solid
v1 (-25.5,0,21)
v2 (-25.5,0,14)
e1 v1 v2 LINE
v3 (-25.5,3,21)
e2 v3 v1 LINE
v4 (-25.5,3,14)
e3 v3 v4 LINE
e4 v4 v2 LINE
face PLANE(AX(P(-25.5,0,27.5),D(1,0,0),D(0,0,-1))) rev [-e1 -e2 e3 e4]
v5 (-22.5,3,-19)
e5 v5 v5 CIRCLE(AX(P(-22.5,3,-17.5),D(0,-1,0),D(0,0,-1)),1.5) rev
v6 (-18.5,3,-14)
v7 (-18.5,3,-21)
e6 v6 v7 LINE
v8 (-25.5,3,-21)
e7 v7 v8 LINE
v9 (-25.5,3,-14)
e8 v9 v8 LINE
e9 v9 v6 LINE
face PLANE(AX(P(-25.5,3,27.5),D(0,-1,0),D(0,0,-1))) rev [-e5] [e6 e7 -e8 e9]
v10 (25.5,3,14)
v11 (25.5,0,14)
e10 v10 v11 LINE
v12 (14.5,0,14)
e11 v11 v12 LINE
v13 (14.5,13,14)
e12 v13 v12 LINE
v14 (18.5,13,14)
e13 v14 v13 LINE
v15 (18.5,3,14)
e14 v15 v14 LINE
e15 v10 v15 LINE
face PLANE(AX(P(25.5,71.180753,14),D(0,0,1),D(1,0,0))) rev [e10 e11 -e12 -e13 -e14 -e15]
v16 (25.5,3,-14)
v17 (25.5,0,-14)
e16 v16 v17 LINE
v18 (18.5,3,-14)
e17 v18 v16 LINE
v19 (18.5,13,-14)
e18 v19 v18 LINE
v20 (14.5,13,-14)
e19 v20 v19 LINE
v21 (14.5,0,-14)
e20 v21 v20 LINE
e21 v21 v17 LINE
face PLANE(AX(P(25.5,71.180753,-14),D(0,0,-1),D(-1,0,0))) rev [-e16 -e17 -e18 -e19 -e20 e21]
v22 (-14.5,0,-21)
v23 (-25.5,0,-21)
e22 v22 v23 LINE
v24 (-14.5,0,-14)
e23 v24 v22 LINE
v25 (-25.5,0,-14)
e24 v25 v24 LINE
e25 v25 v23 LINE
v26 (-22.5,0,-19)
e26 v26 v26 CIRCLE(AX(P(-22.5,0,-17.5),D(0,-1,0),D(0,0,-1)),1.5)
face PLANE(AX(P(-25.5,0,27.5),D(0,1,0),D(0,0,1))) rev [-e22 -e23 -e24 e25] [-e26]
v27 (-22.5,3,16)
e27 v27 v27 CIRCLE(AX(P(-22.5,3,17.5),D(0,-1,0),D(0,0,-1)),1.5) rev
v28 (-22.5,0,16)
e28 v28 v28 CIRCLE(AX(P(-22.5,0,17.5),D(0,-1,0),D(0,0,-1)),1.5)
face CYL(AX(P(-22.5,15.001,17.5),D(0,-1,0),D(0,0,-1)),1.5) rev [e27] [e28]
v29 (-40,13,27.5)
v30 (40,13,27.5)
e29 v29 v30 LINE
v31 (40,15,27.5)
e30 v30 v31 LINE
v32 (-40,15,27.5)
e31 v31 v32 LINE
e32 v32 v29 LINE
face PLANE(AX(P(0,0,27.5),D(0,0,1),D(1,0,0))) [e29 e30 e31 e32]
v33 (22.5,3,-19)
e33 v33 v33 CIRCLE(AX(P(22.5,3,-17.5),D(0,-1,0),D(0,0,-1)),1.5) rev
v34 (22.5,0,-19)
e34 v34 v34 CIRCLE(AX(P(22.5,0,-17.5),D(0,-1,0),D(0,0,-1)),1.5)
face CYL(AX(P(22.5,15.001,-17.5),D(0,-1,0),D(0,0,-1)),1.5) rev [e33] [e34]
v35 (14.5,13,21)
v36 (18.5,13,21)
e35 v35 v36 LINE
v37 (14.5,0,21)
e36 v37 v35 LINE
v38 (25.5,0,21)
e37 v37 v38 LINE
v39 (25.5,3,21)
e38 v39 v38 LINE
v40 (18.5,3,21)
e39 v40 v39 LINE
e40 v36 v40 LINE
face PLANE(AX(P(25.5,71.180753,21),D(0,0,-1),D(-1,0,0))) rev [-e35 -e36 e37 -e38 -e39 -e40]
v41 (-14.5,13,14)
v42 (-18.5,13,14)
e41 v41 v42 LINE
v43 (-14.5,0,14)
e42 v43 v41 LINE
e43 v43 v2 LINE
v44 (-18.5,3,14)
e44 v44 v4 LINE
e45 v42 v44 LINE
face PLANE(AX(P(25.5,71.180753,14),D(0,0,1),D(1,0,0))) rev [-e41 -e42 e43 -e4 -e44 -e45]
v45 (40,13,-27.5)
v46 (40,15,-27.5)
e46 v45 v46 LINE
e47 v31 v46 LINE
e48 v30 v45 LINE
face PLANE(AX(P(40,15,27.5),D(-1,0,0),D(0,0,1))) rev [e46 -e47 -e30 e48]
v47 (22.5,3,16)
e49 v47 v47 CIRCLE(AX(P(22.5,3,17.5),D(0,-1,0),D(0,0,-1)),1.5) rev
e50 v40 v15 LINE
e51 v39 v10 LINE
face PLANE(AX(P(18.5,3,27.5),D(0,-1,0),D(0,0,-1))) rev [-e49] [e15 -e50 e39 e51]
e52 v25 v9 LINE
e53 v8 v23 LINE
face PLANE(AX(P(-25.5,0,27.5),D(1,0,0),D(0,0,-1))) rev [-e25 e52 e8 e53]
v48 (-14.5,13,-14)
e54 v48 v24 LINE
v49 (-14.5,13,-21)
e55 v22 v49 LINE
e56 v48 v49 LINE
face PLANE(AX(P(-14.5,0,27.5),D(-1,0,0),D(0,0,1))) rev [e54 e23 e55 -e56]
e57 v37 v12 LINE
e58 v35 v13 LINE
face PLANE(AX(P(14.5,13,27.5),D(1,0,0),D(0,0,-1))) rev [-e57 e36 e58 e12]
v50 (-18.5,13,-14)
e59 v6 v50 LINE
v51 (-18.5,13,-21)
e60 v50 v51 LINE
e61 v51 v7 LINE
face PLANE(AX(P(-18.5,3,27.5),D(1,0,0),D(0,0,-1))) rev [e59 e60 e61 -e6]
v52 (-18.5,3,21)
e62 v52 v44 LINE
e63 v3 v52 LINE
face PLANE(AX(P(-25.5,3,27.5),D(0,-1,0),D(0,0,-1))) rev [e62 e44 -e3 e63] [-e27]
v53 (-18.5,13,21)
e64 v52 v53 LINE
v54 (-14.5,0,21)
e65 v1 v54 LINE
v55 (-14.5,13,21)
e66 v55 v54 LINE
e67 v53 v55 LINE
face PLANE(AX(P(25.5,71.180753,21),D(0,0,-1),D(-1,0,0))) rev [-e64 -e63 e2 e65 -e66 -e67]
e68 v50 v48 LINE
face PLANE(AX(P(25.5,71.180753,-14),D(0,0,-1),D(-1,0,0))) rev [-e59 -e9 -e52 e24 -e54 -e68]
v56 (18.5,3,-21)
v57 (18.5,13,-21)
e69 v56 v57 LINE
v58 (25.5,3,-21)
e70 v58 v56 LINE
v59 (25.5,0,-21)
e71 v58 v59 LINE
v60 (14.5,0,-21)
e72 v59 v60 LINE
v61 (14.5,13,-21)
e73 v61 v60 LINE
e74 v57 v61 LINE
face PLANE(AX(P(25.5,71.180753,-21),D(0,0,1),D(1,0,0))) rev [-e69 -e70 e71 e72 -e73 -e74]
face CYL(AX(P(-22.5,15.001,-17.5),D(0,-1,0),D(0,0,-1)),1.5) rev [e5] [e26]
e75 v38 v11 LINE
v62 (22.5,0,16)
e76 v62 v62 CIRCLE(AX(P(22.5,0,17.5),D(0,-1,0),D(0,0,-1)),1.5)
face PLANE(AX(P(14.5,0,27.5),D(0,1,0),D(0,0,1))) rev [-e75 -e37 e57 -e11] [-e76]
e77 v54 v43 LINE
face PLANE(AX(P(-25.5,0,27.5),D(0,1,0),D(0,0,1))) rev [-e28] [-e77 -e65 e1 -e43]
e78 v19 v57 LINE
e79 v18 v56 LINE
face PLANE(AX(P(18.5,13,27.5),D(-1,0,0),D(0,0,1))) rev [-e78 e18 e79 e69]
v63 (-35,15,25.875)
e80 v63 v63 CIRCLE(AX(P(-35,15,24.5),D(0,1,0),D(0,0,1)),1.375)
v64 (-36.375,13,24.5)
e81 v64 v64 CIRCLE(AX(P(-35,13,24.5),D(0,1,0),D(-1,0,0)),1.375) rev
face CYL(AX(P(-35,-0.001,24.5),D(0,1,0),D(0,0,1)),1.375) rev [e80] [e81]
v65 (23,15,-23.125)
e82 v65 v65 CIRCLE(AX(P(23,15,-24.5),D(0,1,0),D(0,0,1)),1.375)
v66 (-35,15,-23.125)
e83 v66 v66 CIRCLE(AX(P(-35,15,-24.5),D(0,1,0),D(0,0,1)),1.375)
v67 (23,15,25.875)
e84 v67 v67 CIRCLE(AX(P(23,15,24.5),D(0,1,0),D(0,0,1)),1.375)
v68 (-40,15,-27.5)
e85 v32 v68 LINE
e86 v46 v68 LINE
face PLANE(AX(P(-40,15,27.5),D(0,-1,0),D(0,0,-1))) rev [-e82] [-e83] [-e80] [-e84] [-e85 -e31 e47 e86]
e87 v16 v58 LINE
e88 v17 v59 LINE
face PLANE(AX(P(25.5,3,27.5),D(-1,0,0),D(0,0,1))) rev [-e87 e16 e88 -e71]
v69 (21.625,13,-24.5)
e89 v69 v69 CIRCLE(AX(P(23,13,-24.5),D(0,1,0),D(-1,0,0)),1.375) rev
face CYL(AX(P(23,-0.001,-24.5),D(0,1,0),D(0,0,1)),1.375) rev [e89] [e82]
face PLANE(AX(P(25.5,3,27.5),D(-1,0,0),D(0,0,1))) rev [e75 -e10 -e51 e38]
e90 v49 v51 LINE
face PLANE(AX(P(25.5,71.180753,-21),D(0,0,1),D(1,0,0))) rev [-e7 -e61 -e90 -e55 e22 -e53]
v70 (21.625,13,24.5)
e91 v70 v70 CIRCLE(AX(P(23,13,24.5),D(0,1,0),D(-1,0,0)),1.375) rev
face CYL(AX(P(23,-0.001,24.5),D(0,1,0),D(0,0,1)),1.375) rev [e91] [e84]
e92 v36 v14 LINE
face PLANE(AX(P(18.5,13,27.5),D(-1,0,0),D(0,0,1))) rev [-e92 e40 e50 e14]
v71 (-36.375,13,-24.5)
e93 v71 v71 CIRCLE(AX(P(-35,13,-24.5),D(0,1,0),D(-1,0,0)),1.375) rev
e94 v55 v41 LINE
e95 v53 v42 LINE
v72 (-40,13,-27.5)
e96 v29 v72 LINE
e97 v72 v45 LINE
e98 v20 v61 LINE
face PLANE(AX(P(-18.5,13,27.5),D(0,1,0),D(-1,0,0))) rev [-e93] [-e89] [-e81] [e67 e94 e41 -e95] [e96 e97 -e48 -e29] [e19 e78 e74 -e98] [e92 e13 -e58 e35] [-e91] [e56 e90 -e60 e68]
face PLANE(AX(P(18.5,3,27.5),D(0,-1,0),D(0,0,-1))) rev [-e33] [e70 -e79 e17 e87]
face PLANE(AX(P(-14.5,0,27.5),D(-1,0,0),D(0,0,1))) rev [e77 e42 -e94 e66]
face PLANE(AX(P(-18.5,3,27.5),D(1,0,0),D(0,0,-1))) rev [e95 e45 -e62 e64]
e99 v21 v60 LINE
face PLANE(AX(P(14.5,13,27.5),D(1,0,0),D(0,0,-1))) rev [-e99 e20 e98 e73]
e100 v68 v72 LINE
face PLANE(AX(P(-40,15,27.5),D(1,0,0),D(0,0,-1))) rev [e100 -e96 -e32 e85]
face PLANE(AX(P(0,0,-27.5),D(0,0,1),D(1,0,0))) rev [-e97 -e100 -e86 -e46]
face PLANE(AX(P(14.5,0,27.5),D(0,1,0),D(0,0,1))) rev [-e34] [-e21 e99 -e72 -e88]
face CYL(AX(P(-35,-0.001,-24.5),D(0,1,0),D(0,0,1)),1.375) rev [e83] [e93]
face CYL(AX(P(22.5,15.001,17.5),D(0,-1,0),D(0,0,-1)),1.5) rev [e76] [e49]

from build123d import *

# Parameters (mm, degrees)
EXTRUDE_1_DEPTH     = 27.5
CUT_EXTRUDE_1_REACH = 52.806
SKETCH_4_R          = 1.5
CUT_EXTRUDE_2_REACH = 52.806
SKETCH_5_W          = 51
SKETCH_5_H          = 6.5
SKETCH_5_H_2        = 28
CUT_EXTRUDE_3_REACH = 52.806
SKETCH_6_R          = 1.375


with BuildPart() as part:
    # 草圖1 → 填料-伸長1 (new, symmetric)
    with BuildSketch(Plane.XY):
        Polygon((-25.5, 0), (-25.5, 3), (-18.5, 3), (-18.5, 13), (-40, 13), (-40, 15), (40, 15), (40, 13), (18.5, 13), (18.5, 3), (25.5, 3), (25.5, 0), (14.5, 0), (14.5, 13), (-14.5, 13), (-14.5, 0), align=None)
    extrude(amount=EXTRUDE_1_DEPTH, both=True)

    # 草圖4 → 除料-伸長1 (cut, up to next)
    with BuildSketch(Plane(origin=(0, 0, 0), x_dir=(-1, 0, 0), z_dir=(0, -1, 0)), mode=Mode.PRIVATE) as cut_extrude_1_sk1:
        with Locations(Location((-22.5, 17.5, 0), (0, 0, 90))):
            Circle(SKETCH_4_R)
    cut_extrude_1_tool1 = extrude(cut_extrude_1_sk1.sketch, amount=-CUT_EXTRUDE_1_REACH, mode=Mode.PRIVATE) & part.part
    # 草圖4 → 除料-伸長1 (cut, up to next)
    with BuildSketch(Plane(origin=(0, 0, 0), x_dir=(-1, 0, 0), z_dir=(0, -1, 0)), mode=Mode.PRIVATE) as cut_extrude_1_sk2:
        with Locations(Location((-22.5, -17.5, 0), (0, 0, 90))):
            Circle(SKETCH_4_R)
    cut_extrude_1_tool2 = extrude(cut_extrude_1_sk2.sketch, amount=-CUT_EXTRUDE_1_REACH, mode=Mode.PRIVATE) & part.part
    # 草圖4 → 除料-伸長1 (cut, up to next)
    with BuildSketch(Plane(origin=(0, 0, 0), x_dir=(-1, 0, 0), z_dir=(0, -1, 0)), mode=Mode.PRIVATE) as cut_extrude_1_sk3:
        with Locations(Location((22.5, -17.5, 0), (0, 0, 90))):
            Circle(SKETCH_4_R)
    cut_extrude_1_tool3 = extrude(cut_extrude_1_sk3.sketch, amount=-CUT_EXTRUDE_1_REACH, mode=Mode.PRIVATE) & part.part
    # 草圖4 → 除料-伸長1 (cut, up to next)
    with BuildSketch(Plane(origin=(0, 0, 0), x_dir=(-1, 0, 0), z_dir=(0, -1, 0)), mode=Mode.PRIVATE) as cut_extrude_1_sk4:
        with Locations(Location((22.5, 17.5, 0), (0, 0, 90))):
            Circle(SKETCH_4_R)
    cut_extrude_1_tool4 = extrude(cut_extrude_1_sk4.sketch, amount=-CUT_EXTRUDE_1_REACH, mode=Mode.PRIVATE) & part.part
    add(cut_extrude_1_tool1.solids().sort_by_distance((22.5, 0, -17.5))[0], mode=Mode.SUBTRACT)
    add(cut_extrude_1_tool2.solids().sort_by_distance((22.5, 0, 17.5))[0], mode=Mode.SUBTRACT)
    add(cut_extrude_1_tool3.solids().sort_by_distance((-22.5, 0, 17.5))[0], mode=Mode.SUBTRACT)
    add(cut_extrude_1_tool4.solids().sort_by_distance((-22.5, 0, -17.5))[0], mode=Mode.SUBTRACT)

    # 除料-伸長2: up to this face of the body (flat: up to its plane)
    cut_extrude_2_end = Plane(part.part.faces().sort_by_distance((0, 13, 0))[0])
    # 草圖5 → 除料-伸長2 (cut, up to the picked face)
    with BuildSketch(Plane(origin=(0, 0, 0), x_dir=(-1, 0, 0), z_dir=(0, -1, 0)), mode=Mode.PRIVATE) as cut_extrude_2_sk1:
        with Locations((0, 24.25)):
            Rectangle(SKETCH_5_W, SKETCH_5_H)
    cut_extrude_2_tool1 = split(extrude(cut_extrude_2_sk1.sketch, amount=-CUT_EXTRUDE_2_REACH, mode=Mode.PRIVATE), bisect_by=cut_extrude_2_end, keep=Keep.BOTH, mode=Mode.PRIVATE)
    # 草圖5 → 除料-伸長2 (cut, up to the picked face)
    with BuildSketch(Plane(origin=(0, 0, 0), x_dir=(-1, 0, 0), z_dir=(0, -1, 0)), mode=Mode.PRIVATE) as cut_extrude_2_sk2:
        Rectangle(SKETCH_5_W, SKETCH_5_H_2)
    cut_extrude_2_tool2 = split(extrude(cut_extrude_2_sk2.sketch, amount=-CUT_EXTRUDE_2_REACH, mode=Mode.PRIVATE), bisect_by=cut_extrude_2_end, keep=Keep.BOTH, mode=Mode.PRIVATE)
    # 草圖5 → 除料-伸長2 (cut, up to the picked face)
    with BuildSketch(Plane(origin=(0, 0, 0), x_dir=(-1, 0, 0), z_dir=(0, -1, 0)), mode=Mode.PRIVATE) as cut_extrude_2_sk3:
        with Locations((0, -24.25)):
            Rectangle(SKETCH_5_W, SKETCH_5_H)
    cut_extrude_2_tool3 = split(extrude(cut_extrude_2_sk3.sketch, amount=-CUT_EXTRUDE_2_REACH, mode=Mode.PRIVATE), bisect_by=cut_extrude_2_end, keep=Keep.BOTH, mode=Mode.PRIVATE)
    add(cut_extrude_2_tool1.solids().sort_by(Axis((0, 0, -24.25), (0, 1, 0)))[0], mode=Mode.SUBTRACT)
    add(cut_extrude_2_tool2.solids().sort_by(Axis((0, 0, 0), (0, 1, 0)))[0], mode=Mode.SUBTRACT)
    add(cut_extrude_2_tool3.solids().sort_by(Axis((0, 0, 24.25), (0, 1, 0)))[0], mode=Mode.SUBTRACT)

    # 草圖6 → 除料-伸長3 (cut, up to next)
    with BuildSketch(Plane(origin=(0, 15, 0), x_dir=(1, 0, 0), z_dir=(0, 1, 0)), mode=Mode.PRIVATE) as cut_extrude_3_sk1:
        with Locations(Location((-35, 24.5, 0), (0, 0, 270))):
            Circle(SKETCH_6_R)
    cut_extrude_3_tool1 = extrude(cut_extrude_3_sk1.sketch, amount=-CUT_EXTRUDE_3_REACH, mode=Mode.PRIVATE) & part.part
    # 草圖6 → 除料-伸長3 (cut, up to next)
    with BuildSketch(Plane(origin=(0, 15, 0), x_dir=(1, 0, 0), z_dir=(0, 1, 0)), mode=Mode.PRIVATE) as cut_extrude_3_sk2:
        with Locations(Location((-35, -24.5, 0), (0, 0, 270))):
            Circle(SKETCH_6_R)
    cut_extrude_3_tool2 = extrude(cut_extrude_3_sk2.sketch, amount=-CUT_EXTRUDE_3_REACH, mode=Mode.PRIVATE) & part.part
    # 草圖6 → 除料-伸長3 (cut, up to next)
    with BuildSketch(Plane(origin=(0, 15, 0), x_dir=(1, 0, 0), z_dir=(0, 1, 0)), mode=Mode.PRIVATE) as cut_extrude_3_sk3:
        with Locations(Location((23, -24.5, 0), (0, 0, 270))):
            Circle(SKETCH_6_R)
    cut_extrude_3_tool3 = extrude(cut_extrude_3_sk3.sketch, amount=-CUT_EXTRUDE_3_REACH, mode=Mode.PRIVATE) & part.part
    # 草圖6 → 除料-伸長3 (cut, up to next)
    with BuildSketch(Plane(origin=(0, 15, 0), x_dir=(1, 0, 0), z_dir=(0, 1, 0)), mode=Mode.PRIVATE) as cut_extrude_3_sk4:
        with Locations(Location((23, 24.5, 0), (0, 0, 270))):
            Circle(SKETCH_6_R)
    cut_extrude_3_tool4 = extrude(cut_extrude_3_sk4.sketch, amount=-CUT_EXTRUDE_3_REACH, mode=Mode.PRIVATE) & part.part
    add(cut_extrude_3_tool1.solids().sort_by_distance((-35, 15, -24.5))[0], mode=Mode.SUBTRACT)
    add(cut_extrude_3_tool2.solids().sort_by_distance((-35, 15, 24.5))[0], mode=Mode.SUBTRACT)
    add(cut_extrude_3_tool3.solids().sort_by_distance((23, 15, 24.5))[0], mode=Mode.SUBTRACT)
    add(cut_extrude_3_tool4.solids().sort_by_distance((23, 15, -24.5))[0], mode=Mode.SUBTRACT)


solid = part.part
